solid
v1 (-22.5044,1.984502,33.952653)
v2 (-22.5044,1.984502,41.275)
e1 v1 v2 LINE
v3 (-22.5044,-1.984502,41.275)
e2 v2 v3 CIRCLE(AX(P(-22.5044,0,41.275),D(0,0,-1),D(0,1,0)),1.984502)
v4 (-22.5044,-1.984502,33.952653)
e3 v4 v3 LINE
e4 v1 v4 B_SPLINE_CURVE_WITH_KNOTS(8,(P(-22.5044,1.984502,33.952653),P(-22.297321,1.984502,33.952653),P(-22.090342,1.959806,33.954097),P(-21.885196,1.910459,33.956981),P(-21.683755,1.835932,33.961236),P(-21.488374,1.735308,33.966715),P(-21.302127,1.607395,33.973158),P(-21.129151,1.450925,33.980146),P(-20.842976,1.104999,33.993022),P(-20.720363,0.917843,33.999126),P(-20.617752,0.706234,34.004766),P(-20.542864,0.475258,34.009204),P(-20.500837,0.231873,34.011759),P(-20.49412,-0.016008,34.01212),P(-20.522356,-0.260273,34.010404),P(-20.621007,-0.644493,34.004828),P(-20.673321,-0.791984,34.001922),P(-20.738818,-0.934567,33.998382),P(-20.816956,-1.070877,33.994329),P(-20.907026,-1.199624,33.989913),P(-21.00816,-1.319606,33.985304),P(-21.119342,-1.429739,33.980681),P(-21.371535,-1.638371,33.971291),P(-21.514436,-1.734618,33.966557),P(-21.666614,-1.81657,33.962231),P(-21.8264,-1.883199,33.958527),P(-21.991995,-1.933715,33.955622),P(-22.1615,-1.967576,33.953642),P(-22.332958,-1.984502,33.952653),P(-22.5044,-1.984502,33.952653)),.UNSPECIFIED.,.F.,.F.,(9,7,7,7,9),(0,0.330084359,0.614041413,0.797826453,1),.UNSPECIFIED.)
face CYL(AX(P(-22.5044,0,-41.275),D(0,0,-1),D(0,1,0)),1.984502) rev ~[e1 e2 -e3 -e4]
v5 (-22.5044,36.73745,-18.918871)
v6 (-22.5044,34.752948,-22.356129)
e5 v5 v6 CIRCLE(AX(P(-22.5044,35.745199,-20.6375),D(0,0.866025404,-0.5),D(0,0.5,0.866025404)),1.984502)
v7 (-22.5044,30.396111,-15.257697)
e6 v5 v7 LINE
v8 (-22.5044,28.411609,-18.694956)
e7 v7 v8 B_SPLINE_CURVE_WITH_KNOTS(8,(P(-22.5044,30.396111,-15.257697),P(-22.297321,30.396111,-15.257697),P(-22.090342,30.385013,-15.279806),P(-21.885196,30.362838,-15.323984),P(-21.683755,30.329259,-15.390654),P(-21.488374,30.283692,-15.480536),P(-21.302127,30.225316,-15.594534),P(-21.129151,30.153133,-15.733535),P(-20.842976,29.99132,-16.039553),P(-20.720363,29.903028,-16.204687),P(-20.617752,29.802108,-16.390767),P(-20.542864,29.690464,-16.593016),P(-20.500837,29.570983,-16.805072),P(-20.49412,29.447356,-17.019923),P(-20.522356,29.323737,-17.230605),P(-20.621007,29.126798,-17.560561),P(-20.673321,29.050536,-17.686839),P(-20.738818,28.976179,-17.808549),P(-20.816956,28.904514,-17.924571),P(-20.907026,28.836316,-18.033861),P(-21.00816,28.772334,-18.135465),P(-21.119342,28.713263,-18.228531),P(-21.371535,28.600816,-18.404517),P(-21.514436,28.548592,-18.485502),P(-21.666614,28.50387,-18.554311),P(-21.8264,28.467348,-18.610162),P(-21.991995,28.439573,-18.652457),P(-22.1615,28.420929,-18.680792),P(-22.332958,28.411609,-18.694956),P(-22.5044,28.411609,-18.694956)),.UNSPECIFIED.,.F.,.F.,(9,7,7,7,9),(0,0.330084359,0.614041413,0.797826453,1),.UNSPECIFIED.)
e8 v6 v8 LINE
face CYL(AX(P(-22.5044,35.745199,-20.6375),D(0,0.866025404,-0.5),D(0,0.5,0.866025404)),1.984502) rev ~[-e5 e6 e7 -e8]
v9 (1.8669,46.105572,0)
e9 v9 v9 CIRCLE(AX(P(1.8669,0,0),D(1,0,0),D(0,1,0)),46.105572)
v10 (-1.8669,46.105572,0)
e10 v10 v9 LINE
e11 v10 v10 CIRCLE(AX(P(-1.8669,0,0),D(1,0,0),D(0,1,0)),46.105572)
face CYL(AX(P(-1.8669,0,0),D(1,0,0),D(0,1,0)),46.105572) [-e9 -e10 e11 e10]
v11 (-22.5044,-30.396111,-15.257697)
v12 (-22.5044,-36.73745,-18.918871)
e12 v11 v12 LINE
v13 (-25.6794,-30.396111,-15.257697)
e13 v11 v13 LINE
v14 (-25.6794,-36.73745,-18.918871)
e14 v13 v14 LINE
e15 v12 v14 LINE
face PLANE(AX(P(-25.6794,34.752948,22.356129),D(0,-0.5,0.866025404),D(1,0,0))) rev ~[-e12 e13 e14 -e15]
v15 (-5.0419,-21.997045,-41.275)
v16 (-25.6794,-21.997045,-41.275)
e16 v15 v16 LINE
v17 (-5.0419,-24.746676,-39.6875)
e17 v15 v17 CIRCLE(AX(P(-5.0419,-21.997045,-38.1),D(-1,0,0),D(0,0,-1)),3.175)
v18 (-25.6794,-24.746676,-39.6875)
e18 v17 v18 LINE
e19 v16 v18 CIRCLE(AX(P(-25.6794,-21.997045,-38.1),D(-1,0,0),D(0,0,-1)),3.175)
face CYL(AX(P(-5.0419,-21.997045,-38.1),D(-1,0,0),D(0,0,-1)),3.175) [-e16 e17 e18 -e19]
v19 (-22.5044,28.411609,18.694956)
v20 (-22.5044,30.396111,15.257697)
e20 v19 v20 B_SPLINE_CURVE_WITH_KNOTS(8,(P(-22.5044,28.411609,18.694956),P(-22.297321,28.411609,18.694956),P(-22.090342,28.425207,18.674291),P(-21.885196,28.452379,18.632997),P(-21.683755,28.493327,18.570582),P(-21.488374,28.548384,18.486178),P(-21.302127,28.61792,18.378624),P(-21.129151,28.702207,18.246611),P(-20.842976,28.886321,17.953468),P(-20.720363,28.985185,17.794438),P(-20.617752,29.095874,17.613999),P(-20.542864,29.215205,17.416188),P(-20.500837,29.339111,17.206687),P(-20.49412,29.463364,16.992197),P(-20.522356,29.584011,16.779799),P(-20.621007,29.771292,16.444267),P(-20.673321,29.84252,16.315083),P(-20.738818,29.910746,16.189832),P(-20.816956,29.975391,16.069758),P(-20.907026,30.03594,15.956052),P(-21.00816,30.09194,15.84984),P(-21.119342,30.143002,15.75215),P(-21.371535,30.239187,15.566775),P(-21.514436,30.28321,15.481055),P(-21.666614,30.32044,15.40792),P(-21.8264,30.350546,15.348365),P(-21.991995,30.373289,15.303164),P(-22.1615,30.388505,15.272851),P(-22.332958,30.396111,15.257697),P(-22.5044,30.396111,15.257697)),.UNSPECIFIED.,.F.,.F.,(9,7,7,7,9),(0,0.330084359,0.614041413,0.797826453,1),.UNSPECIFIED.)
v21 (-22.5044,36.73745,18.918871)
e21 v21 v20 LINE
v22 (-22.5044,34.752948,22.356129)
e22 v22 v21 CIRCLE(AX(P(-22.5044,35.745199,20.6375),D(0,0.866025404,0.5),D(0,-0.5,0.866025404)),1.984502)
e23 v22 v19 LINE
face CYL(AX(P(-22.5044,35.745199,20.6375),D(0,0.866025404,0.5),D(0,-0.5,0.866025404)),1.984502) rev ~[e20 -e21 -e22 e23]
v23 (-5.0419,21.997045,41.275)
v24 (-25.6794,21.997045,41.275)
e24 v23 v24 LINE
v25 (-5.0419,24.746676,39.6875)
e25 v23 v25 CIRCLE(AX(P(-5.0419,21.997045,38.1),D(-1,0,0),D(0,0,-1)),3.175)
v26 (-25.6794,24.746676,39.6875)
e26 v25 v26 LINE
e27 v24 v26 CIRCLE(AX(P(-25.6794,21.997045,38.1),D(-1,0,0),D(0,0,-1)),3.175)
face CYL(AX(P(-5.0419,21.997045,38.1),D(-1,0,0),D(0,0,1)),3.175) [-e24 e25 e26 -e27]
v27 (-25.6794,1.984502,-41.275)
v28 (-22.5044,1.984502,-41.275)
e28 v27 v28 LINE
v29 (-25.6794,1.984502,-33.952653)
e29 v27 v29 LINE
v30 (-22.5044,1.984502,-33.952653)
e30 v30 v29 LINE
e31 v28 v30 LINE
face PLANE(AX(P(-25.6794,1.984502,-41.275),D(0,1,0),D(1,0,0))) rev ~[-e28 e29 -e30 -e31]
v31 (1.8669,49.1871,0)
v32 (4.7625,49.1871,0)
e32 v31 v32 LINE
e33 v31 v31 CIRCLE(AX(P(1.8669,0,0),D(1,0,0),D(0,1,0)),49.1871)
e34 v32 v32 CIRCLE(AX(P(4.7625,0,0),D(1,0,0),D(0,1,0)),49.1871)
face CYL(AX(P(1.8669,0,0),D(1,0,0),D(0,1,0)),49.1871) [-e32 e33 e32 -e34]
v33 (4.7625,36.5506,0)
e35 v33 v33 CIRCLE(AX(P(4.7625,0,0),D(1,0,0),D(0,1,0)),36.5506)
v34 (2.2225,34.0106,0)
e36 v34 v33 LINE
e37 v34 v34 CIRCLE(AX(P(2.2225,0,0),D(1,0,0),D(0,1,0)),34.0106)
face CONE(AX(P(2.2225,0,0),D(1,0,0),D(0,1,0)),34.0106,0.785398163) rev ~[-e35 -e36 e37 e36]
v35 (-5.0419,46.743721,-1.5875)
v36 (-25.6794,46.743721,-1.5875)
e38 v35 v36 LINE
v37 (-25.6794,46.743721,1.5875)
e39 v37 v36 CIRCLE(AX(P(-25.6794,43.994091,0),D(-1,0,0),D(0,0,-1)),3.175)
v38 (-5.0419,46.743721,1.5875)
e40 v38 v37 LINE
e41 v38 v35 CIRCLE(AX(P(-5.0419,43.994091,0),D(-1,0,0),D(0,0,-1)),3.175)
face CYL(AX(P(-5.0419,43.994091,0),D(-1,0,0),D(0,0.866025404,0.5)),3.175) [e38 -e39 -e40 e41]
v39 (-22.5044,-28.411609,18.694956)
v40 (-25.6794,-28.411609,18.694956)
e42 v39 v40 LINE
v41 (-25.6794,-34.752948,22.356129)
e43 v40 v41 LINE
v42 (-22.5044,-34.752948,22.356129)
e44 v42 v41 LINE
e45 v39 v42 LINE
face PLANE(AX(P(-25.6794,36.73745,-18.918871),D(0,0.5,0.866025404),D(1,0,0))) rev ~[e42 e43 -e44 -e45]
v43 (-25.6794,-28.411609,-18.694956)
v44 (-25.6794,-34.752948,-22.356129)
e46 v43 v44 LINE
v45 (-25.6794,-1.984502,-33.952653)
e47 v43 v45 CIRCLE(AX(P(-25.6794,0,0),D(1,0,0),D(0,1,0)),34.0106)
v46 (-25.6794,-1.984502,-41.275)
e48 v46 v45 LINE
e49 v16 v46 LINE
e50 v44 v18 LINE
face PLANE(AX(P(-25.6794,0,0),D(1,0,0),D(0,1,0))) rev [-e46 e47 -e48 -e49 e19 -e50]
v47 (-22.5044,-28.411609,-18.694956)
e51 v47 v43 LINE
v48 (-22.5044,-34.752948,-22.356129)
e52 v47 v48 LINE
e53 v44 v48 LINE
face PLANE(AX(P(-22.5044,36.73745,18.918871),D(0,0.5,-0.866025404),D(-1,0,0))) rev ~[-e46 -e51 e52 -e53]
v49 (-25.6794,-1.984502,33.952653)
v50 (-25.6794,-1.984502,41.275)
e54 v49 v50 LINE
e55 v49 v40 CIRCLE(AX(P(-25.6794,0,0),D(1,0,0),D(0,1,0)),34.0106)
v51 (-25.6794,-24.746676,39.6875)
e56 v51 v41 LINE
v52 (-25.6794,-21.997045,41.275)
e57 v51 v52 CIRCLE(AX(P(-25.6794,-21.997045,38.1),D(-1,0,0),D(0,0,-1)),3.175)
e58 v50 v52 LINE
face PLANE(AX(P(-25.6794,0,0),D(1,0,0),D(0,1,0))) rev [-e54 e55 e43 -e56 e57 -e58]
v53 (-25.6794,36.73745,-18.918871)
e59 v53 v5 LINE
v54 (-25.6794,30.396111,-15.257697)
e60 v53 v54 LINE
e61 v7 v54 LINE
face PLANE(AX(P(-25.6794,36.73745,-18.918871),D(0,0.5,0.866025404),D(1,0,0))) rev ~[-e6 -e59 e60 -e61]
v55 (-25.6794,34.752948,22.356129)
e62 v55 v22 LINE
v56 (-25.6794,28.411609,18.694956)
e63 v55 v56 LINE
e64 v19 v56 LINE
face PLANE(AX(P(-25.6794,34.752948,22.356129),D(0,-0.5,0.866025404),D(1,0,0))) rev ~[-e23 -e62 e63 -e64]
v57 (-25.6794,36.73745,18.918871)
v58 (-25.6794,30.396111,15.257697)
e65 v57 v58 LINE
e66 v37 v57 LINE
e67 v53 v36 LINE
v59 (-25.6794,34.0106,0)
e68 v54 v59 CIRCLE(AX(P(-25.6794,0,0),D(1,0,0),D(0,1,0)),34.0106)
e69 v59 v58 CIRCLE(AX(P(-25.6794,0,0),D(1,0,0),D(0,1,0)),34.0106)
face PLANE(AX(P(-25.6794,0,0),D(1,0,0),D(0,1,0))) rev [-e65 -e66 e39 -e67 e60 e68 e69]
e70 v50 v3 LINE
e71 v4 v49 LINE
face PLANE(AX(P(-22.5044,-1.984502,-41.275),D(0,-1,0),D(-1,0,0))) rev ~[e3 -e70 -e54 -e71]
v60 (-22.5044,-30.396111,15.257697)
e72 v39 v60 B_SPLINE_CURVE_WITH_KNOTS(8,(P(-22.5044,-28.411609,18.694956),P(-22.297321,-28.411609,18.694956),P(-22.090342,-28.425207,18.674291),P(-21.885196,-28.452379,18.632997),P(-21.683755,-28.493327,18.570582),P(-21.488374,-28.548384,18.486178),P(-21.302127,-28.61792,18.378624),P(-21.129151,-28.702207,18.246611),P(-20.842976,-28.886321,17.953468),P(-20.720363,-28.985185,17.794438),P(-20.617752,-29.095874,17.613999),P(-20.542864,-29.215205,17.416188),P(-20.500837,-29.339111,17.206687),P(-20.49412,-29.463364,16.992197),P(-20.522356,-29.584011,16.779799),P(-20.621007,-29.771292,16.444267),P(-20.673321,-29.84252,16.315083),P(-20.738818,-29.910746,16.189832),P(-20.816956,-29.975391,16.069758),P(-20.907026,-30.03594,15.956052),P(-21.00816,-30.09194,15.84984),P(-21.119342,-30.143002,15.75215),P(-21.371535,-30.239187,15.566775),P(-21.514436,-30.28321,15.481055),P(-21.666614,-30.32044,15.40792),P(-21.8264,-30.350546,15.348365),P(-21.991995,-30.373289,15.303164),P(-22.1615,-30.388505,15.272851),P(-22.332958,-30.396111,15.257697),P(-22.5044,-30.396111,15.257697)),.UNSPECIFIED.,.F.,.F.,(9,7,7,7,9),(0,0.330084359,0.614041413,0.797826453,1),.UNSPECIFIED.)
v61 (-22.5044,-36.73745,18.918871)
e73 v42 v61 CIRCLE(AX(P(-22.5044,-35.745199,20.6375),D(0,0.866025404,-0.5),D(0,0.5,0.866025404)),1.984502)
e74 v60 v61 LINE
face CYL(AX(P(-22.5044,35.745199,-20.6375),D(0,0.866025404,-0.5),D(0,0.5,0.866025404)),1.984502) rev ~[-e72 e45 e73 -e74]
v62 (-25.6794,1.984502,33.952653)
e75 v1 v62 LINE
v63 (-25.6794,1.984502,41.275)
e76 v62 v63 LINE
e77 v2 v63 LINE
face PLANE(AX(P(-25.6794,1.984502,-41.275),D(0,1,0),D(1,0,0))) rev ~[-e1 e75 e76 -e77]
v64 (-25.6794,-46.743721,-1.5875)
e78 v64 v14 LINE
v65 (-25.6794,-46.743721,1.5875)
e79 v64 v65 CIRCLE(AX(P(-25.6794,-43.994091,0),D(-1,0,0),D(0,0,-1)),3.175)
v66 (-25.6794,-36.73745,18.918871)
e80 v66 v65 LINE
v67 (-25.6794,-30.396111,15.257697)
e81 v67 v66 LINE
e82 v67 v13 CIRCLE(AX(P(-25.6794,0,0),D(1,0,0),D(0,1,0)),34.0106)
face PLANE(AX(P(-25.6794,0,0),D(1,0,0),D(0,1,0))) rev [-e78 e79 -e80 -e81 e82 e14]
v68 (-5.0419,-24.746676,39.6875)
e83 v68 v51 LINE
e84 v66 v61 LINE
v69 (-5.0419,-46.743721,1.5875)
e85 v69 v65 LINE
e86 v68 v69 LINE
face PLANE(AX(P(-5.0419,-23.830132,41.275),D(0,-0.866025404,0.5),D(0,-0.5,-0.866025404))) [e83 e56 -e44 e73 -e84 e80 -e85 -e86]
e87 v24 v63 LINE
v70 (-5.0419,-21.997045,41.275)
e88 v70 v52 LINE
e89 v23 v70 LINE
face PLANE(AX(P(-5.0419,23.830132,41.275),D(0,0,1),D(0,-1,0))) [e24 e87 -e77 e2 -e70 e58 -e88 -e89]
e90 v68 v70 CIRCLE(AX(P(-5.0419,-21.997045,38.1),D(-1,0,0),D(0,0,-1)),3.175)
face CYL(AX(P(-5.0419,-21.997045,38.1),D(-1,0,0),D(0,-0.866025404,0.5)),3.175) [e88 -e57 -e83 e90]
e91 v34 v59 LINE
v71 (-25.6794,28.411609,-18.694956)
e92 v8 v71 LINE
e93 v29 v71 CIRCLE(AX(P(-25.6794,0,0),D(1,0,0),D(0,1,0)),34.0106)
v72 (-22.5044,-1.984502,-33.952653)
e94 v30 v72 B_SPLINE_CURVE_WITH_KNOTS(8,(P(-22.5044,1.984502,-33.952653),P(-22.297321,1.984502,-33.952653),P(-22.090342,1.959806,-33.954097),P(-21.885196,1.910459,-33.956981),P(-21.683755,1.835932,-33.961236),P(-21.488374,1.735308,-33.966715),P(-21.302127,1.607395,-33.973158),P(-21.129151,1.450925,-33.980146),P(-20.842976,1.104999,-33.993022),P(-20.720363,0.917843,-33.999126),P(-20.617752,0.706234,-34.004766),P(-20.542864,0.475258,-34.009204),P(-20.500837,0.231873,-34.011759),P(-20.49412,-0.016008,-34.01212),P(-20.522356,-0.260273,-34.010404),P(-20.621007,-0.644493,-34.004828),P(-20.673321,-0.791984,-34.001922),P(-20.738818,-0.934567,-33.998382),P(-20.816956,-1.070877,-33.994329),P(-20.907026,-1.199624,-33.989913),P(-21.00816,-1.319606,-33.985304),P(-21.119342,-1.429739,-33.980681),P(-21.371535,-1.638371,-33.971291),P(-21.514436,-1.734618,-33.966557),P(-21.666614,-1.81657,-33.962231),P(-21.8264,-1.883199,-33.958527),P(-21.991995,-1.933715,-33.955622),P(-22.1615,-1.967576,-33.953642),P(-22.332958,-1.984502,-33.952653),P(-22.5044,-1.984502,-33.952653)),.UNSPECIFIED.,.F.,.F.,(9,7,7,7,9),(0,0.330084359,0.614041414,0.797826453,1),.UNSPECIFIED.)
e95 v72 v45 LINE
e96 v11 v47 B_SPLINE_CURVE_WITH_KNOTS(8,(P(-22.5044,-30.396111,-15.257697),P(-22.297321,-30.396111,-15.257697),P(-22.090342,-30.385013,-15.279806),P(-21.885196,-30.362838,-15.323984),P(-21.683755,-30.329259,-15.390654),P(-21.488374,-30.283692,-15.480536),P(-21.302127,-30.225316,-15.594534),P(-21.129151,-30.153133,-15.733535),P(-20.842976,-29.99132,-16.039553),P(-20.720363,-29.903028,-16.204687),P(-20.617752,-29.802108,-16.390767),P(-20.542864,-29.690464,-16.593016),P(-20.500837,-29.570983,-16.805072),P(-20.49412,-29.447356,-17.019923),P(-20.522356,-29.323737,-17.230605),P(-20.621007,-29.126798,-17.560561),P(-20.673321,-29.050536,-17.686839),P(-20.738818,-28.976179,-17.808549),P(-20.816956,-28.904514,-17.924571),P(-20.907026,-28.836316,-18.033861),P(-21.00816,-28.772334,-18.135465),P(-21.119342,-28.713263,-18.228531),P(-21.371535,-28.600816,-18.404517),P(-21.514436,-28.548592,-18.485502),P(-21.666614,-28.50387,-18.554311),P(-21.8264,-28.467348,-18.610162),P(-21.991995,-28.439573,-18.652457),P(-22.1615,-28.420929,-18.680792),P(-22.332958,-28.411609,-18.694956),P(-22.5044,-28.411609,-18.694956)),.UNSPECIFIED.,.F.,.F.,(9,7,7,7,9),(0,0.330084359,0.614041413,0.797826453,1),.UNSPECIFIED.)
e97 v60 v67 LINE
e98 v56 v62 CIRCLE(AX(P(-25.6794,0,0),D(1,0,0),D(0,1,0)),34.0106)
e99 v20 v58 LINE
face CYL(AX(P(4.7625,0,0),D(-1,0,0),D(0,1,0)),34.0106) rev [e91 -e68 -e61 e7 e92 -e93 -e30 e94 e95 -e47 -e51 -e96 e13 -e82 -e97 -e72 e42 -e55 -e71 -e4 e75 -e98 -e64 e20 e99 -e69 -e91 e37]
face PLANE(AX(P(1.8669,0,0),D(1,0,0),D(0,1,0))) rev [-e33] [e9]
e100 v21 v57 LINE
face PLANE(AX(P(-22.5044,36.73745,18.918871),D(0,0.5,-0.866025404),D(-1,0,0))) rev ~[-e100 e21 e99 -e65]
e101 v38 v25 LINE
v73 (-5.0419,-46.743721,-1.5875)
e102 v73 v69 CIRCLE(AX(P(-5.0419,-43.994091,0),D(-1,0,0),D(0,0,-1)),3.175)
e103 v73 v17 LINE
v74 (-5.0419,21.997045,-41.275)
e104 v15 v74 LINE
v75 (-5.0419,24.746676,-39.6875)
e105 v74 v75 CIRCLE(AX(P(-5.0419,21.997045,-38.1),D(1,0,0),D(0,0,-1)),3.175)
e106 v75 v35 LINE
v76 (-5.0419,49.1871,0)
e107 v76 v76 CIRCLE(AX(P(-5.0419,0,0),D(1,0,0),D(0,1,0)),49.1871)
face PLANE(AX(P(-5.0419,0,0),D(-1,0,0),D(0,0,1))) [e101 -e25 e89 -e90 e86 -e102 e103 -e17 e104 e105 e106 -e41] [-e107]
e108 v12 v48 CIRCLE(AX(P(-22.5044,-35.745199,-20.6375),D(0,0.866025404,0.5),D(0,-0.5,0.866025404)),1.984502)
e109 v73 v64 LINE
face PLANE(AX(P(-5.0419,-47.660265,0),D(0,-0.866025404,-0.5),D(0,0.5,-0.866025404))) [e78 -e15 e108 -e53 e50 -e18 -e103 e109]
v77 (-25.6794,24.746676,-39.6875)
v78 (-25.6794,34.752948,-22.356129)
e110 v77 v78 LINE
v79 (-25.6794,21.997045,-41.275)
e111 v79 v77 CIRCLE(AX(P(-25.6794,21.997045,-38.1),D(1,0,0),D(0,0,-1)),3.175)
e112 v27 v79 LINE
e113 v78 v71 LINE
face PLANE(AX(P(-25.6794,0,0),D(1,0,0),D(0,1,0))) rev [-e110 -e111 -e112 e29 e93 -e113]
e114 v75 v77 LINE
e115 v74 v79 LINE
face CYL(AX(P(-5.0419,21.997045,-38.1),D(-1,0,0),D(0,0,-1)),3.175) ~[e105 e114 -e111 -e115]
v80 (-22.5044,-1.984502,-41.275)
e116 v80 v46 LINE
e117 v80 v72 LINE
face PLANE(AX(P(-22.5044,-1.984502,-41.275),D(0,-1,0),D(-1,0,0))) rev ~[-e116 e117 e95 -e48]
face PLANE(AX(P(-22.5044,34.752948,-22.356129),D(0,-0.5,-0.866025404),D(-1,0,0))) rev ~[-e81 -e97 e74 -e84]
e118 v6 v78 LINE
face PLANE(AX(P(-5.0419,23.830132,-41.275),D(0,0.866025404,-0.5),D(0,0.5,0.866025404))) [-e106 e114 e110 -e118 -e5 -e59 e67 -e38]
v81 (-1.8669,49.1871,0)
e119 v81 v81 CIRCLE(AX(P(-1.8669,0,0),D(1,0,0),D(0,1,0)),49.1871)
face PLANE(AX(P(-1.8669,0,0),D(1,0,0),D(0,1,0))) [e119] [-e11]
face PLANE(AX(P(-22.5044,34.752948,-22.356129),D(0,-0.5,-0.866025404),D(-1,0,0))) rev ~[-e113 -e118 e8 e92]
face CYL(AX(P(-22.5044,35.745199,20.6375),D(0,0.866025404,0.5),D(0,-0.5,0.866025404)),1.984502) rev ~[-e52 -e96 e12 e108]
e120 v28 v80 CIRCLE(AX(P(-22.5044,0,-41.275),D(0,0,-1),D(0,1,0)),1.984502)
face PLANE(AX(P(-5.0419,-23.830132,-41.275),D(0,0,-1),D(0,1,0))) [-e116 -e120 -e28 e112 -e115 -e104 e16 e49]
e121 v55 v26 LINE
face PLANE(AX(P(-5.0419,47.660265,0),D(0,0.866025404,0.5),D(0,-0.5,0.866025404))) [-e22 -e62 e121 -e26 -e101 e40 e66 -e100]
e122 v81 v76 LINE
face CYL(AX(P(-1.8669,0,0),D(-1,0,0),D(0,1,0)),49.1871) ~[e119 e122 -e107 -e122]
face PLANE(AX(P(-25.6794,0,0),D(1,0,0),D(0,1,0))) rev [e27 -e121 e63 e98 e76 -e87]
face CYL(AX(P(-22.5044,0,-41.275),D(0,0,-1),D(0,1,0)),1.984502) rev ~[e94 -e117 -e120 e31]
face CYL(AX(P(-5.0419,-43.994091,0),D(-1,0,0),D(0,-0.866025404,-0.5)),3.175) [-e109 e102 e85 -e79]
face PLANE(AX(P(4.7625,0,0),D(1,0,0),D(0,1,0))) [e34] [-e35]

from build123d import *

# Parameters (mm, degrees)
CUT_EXTRUDE1_START = -20.6375
SKETCH3_R          = 49.1871
CUT_EXTRUDE1_DEPTH = 20.6375
FILLET3_R          = 3.175
CHAMFER1_SIZE      = 2.54
CUT_EXTRUDE2_DEPTH = 91.4621
CIRPATTERN1_COUNT  = 6


with BuildPart() as part:
    # Sketch2 → Revolve1 (revolve)
    with BuildSketch(Plane.XY):
        Polygon((-25.6794, 49.1871), (-6.6294, 49.1871), (-1.8669, 49.1871), (-1.8669, 46.105572), (1.8669, 46.105572), (1.8669, 49.1871), (4.7625, 49.1871), (4.7625, 34.0106), (-25.6794, 34.0106), align=None)
    revolve(axis=Axis((0, 0, 0), (1, 0, 0)))

    # Sketch3 → Cut-Extrude1 (cut)
    with BuildSketch(Plane.ZY.offset(25.6794).offset(CUT_EXTRUDE1_START)):
        Circle(SKETCH3_R)
        Polygon((0, 47.660264722), (41.275, 23.830132361), (41.275, -23.830132361), (0, -47.660264722), (-41.275, -23.830132361), (-41.275, 23.830132361), align=None, mode=Mode.SUBTRACT)
    extrude(amount=CUT_EXTRUDE1_DEPTH, mode=Mode.SUBTRACT)

    # Fillet3
    fillet3_edges = [part.edges().sort_by_distance(p)[0] for p in [
        (-15.36065, -23.830132361, 41.275),
        (-15.36065, 23.830132361, 41.275),
        (-15.36065, 47.660264722, 0),
        (-15.36065, 23.830132361, -41.275),
        (-15.36065, -23.830132361, -41.275),
        (-15.36065, -47.660264722, 0),
    ]]
    fillet(fillet3_edges, radius=FILLET3_R)

    # Chamfer1
    chamfer1_edges = [part.edges().sort_by_distance(p)[0] for p in [
        (4.7625, -34.0106, 0),
    ]]
    chamfer(chamfer1_edges, length=CHAMFER1_SIZE)

    # Sketch4 → Cut-Extrude2 (cut, through all)
    with BuildSketch(Plane(origin=(0, 0, -41.275), x_dir=(-1, 0, 0), z_dir=(0, 0, -1))):
        with BuildLine():
            Line((25.6794, -1.984502), (25.6794, 1.984502))
            Line((25.6794, 1.984502), (22.5044, 1.984502))
            ThreePointArc((22.5044, 1.984502), (20.519898, 0), (22.5044, -1.984502))
            Line((22.5044, -1.984502), (25.6794, -1.984502))
        make_face()
    cut_extrude2 = extrude(amount=-CUT_EXTRUDE2_DEPTH, mode=Mode.SUBTRACT)

    # CirPattern1: Cut-Extrude2 ×6 about axis
    cirpattern1_axis = Axis((0, 0, 0), (1, 0, 0))
    for i in range(1, CIRPATTERN1_COUNT):
        add(cut_extrude2.rotate(cirpattern1_axis, i * 360 / CIRPATTERN1_COUNT), mode=Mode.SUBTRACT)


solid = part.part
